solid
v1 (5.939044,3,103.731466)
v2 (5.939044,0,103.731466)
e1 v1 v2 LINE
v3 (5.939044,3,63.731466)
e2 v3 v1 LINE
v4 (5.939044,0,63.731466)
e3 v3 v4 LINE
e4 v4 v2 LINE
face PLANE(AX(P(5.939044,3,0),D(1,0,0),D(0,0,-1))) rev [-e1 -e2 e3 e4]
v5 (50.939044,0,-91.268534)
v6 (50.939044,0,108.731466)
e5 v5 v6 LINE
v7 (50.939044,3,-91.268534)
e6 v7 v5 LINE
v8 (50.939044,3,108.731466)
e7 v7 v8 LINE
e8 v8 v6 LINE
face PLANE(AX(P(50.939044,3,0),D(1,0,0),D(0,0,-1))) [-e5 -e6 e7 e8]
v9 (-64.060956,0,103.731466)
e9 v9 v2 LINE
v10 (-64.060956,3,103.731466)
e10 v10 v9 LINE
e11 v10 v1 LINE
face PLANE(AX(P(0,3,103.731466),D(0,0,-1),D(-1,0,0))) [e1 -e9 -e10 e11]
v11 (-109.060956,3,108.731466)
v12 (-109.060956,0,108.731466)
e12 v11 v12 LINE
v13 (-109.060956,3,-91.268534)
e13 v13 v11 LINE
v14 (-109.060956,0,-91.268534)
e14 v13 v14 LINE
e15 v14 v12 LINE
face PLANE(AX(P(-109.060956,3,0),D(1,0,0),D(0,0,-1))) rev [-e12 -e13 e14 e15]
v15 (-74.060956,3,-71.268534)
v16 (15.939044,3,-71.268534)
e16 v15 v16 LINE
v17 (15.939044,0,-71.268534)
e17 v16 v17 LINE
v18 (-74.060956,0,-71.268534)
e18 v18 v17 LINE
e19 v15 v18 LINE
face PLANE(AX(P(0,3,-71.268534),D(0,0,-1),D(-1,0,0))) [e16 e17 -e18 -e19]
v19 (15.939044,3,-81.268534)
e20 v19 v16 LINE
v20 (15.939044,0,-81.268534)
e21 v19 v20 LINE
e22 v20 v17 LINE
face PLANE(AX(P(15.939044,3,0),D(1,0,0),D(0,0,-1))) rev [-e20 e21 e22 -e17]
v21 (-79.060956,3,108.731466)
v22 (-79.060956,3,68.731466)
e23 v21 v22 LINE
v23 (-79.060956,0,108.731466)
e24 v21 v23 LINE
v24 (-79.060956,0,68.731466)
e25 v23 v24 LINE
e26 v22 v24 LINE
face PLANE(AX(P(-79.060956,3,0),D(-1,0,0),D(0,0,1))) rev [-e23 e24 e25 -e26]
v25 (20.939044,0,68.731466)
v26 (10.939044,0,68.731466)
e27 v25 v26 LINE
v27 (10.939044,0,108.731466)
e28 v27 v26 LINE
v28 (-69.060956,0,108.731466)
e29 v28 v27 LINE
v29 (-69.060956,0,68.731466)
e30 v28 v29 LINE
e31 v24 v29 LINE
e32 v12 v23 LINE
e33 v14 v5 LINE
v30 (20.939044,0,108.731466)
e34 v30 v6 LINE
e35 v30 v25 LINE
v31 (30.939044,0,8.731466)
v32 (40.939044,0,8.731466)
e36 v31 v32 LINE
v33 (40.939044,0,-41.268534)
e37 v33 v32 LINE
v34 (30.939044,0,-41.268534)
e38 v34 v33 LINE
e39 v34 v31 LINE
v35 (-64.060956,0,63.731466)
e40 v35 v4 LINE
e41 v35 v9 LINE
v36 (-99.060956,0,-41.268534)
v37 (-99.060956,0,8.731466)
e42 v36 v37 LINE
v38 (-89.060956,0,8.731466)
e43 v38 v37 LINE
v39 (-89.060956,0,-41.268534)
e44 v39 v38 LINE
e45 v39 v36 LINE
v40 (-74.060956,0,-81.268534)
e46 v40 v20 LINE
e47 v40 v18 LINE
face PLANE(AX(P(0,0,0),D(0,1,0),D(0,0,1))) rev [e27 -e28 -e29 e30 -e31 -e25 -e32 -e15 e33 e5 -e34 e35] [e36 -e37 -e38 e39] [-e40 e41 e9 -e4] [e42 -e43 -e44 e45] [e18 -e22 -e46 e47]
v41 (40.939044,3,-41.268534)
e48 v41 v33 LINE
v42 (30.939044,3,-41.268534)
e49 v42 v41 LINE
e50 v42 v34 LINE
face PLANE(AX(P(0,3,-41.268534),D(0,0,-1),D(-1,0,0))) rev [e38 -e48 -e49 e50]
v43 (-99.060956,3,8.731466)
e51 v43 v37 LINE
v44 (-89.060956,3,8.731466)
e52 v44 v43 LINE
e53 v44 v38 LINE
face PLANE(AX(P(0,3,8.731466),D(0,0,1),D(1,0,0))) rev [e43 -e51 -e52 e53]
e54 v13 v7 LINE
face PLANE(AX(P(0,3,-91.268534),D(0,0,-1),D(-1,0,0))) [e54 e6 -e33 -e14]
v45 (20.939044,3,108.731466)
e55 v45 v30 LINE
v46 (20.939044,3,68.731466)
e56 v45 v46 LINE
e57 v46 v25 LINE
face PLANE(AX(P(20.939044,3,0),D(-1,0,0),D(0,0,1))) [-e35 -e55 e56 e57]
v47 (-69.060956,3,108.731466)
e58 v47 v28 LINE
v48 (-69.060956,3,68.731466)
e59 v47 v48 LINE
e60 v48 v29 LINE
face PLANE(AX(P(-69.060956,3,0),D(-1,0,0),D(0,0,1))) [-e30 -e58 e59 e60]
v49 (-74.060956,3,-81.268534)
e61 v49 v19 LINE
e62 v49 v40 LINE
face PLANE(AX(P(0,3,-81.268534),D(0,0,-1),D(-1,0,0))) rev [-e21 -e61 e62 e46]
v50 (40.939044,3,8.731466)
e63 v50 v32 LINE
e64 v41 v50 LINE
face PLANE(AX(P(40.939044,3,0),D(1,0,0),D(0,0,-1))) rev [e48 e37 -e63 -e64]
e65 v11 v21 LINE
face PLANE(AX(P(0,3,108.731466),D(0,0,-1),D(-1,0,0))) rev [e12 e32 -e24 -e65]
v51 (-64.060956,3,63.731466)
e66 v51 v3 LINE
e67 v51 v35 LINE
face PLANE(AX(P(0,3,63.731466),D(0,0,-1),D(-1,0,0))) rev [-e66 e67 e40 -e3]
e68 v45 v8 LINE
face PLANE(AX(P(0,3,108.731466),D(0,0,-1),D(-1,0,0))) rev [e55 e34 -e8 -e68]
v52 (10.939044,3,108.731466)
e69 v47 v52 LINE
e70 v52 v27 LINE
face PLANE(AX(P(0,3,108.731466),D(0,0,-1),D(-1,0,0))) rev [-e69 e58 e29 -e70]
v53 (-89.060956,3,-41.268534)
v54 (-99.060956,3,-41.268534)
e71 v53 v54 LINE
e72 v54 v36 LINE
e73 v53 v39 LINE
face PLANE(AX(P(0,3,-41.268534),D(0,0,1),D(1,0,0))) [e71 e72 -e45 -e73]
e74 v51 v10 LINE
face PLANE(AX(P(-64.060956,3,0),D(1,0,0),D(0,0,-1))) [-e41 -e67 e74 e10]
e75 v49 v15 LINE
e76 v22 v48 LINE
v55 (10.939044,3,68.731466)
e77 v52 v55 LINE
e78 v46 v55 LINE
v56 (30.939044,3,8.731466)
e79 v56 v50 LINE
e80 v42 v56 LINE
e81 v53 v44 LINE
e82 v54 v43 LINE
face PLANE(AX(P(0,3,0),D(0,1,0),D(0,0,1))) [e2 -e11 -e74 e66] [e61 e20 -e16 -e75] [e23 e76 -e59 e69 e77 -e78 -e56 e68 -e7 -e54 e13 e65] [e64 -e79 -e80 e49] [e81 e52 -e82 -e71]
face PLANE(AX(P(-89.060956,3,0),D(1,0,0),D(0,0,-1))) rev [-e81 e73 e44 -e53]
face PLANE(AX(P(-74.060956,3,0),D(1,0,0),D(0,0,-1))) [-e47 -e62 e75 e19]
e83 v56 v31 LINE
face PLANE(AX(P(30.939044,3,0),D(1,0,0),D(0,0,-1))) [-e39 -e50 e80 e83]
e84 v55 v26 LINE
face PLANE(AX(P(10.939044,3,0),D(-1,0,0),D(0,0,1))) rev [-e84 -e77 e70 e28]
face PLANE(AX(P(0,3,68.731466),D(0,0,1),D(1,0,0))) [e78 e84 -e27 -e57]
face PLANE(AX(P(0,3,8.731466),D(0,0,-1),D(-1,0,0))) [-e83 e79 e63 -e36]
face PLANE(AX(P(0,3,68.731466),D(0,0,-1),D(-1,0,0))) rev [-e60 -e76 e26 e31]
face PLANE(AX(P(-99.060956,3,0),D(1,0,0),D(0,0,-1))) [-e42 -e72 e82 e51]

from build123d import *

# Parameters (mm, degrees)
SKETCH1_W           = 70
SKETCH1_H           = 40
SKETCH1_W_2         = 90
SKETCH1_H_2         = 10
SKETCH1_W_3         = 10
SKETCH1_H_3         = 50
BOSS_EXTRUDE1_DEPTH = 3


with BuildPart() as part:
    # Sketch1 → Boss-Extrude1 (new body)
    with BuildSketch(Plane(origin=(0, 0, 0), x_dir=(1, 0, 0), z_dir=(0, 1, 0))):
        Polygon((50.939044481, 91.268533773), (-109.060955519, 91.268533773), (-109.060955519, -108.731466227), (-79.060955519, -108.731466227), (-79.060955519, -68.731466227), (-69.060955519, -68.731466227), (-69.060955519, -108.731466227), (10.939044481, -108.731466227), (10.939044481, -68.731466227), (20.939044481, -68.731466227), (20.939044481, -108.731466227), (50.939044481, -108.731466227), align=None)
        with Locations((-29.060955519, -83.731466227)):
            Rectangle(SKETCH1_W, SKETCH1_H, mode=Mode.SUBTRACT)
        with Locations((-29.060955519, 76.268533773)):
            Rectangle(SKETCH1_W_2, SKETCH1_H_2, mode=Mode.SUBTRACT)
        with Locations((35.939044481, 16.268533773)):
            Rectangle(SKETCH1_W_3, SKETCH1_H_3, mode=Mode.SUBTRACT)
        with Locations((-94.060955519, 16.268533773)):
            Rectangle(SKETCH1_W_3, SKETCH1_H_3, mode=Mode.SUBTRACT)
    extrude(amount=BOSS_EXTRUDE1_DEPTH)


solid = part.part
